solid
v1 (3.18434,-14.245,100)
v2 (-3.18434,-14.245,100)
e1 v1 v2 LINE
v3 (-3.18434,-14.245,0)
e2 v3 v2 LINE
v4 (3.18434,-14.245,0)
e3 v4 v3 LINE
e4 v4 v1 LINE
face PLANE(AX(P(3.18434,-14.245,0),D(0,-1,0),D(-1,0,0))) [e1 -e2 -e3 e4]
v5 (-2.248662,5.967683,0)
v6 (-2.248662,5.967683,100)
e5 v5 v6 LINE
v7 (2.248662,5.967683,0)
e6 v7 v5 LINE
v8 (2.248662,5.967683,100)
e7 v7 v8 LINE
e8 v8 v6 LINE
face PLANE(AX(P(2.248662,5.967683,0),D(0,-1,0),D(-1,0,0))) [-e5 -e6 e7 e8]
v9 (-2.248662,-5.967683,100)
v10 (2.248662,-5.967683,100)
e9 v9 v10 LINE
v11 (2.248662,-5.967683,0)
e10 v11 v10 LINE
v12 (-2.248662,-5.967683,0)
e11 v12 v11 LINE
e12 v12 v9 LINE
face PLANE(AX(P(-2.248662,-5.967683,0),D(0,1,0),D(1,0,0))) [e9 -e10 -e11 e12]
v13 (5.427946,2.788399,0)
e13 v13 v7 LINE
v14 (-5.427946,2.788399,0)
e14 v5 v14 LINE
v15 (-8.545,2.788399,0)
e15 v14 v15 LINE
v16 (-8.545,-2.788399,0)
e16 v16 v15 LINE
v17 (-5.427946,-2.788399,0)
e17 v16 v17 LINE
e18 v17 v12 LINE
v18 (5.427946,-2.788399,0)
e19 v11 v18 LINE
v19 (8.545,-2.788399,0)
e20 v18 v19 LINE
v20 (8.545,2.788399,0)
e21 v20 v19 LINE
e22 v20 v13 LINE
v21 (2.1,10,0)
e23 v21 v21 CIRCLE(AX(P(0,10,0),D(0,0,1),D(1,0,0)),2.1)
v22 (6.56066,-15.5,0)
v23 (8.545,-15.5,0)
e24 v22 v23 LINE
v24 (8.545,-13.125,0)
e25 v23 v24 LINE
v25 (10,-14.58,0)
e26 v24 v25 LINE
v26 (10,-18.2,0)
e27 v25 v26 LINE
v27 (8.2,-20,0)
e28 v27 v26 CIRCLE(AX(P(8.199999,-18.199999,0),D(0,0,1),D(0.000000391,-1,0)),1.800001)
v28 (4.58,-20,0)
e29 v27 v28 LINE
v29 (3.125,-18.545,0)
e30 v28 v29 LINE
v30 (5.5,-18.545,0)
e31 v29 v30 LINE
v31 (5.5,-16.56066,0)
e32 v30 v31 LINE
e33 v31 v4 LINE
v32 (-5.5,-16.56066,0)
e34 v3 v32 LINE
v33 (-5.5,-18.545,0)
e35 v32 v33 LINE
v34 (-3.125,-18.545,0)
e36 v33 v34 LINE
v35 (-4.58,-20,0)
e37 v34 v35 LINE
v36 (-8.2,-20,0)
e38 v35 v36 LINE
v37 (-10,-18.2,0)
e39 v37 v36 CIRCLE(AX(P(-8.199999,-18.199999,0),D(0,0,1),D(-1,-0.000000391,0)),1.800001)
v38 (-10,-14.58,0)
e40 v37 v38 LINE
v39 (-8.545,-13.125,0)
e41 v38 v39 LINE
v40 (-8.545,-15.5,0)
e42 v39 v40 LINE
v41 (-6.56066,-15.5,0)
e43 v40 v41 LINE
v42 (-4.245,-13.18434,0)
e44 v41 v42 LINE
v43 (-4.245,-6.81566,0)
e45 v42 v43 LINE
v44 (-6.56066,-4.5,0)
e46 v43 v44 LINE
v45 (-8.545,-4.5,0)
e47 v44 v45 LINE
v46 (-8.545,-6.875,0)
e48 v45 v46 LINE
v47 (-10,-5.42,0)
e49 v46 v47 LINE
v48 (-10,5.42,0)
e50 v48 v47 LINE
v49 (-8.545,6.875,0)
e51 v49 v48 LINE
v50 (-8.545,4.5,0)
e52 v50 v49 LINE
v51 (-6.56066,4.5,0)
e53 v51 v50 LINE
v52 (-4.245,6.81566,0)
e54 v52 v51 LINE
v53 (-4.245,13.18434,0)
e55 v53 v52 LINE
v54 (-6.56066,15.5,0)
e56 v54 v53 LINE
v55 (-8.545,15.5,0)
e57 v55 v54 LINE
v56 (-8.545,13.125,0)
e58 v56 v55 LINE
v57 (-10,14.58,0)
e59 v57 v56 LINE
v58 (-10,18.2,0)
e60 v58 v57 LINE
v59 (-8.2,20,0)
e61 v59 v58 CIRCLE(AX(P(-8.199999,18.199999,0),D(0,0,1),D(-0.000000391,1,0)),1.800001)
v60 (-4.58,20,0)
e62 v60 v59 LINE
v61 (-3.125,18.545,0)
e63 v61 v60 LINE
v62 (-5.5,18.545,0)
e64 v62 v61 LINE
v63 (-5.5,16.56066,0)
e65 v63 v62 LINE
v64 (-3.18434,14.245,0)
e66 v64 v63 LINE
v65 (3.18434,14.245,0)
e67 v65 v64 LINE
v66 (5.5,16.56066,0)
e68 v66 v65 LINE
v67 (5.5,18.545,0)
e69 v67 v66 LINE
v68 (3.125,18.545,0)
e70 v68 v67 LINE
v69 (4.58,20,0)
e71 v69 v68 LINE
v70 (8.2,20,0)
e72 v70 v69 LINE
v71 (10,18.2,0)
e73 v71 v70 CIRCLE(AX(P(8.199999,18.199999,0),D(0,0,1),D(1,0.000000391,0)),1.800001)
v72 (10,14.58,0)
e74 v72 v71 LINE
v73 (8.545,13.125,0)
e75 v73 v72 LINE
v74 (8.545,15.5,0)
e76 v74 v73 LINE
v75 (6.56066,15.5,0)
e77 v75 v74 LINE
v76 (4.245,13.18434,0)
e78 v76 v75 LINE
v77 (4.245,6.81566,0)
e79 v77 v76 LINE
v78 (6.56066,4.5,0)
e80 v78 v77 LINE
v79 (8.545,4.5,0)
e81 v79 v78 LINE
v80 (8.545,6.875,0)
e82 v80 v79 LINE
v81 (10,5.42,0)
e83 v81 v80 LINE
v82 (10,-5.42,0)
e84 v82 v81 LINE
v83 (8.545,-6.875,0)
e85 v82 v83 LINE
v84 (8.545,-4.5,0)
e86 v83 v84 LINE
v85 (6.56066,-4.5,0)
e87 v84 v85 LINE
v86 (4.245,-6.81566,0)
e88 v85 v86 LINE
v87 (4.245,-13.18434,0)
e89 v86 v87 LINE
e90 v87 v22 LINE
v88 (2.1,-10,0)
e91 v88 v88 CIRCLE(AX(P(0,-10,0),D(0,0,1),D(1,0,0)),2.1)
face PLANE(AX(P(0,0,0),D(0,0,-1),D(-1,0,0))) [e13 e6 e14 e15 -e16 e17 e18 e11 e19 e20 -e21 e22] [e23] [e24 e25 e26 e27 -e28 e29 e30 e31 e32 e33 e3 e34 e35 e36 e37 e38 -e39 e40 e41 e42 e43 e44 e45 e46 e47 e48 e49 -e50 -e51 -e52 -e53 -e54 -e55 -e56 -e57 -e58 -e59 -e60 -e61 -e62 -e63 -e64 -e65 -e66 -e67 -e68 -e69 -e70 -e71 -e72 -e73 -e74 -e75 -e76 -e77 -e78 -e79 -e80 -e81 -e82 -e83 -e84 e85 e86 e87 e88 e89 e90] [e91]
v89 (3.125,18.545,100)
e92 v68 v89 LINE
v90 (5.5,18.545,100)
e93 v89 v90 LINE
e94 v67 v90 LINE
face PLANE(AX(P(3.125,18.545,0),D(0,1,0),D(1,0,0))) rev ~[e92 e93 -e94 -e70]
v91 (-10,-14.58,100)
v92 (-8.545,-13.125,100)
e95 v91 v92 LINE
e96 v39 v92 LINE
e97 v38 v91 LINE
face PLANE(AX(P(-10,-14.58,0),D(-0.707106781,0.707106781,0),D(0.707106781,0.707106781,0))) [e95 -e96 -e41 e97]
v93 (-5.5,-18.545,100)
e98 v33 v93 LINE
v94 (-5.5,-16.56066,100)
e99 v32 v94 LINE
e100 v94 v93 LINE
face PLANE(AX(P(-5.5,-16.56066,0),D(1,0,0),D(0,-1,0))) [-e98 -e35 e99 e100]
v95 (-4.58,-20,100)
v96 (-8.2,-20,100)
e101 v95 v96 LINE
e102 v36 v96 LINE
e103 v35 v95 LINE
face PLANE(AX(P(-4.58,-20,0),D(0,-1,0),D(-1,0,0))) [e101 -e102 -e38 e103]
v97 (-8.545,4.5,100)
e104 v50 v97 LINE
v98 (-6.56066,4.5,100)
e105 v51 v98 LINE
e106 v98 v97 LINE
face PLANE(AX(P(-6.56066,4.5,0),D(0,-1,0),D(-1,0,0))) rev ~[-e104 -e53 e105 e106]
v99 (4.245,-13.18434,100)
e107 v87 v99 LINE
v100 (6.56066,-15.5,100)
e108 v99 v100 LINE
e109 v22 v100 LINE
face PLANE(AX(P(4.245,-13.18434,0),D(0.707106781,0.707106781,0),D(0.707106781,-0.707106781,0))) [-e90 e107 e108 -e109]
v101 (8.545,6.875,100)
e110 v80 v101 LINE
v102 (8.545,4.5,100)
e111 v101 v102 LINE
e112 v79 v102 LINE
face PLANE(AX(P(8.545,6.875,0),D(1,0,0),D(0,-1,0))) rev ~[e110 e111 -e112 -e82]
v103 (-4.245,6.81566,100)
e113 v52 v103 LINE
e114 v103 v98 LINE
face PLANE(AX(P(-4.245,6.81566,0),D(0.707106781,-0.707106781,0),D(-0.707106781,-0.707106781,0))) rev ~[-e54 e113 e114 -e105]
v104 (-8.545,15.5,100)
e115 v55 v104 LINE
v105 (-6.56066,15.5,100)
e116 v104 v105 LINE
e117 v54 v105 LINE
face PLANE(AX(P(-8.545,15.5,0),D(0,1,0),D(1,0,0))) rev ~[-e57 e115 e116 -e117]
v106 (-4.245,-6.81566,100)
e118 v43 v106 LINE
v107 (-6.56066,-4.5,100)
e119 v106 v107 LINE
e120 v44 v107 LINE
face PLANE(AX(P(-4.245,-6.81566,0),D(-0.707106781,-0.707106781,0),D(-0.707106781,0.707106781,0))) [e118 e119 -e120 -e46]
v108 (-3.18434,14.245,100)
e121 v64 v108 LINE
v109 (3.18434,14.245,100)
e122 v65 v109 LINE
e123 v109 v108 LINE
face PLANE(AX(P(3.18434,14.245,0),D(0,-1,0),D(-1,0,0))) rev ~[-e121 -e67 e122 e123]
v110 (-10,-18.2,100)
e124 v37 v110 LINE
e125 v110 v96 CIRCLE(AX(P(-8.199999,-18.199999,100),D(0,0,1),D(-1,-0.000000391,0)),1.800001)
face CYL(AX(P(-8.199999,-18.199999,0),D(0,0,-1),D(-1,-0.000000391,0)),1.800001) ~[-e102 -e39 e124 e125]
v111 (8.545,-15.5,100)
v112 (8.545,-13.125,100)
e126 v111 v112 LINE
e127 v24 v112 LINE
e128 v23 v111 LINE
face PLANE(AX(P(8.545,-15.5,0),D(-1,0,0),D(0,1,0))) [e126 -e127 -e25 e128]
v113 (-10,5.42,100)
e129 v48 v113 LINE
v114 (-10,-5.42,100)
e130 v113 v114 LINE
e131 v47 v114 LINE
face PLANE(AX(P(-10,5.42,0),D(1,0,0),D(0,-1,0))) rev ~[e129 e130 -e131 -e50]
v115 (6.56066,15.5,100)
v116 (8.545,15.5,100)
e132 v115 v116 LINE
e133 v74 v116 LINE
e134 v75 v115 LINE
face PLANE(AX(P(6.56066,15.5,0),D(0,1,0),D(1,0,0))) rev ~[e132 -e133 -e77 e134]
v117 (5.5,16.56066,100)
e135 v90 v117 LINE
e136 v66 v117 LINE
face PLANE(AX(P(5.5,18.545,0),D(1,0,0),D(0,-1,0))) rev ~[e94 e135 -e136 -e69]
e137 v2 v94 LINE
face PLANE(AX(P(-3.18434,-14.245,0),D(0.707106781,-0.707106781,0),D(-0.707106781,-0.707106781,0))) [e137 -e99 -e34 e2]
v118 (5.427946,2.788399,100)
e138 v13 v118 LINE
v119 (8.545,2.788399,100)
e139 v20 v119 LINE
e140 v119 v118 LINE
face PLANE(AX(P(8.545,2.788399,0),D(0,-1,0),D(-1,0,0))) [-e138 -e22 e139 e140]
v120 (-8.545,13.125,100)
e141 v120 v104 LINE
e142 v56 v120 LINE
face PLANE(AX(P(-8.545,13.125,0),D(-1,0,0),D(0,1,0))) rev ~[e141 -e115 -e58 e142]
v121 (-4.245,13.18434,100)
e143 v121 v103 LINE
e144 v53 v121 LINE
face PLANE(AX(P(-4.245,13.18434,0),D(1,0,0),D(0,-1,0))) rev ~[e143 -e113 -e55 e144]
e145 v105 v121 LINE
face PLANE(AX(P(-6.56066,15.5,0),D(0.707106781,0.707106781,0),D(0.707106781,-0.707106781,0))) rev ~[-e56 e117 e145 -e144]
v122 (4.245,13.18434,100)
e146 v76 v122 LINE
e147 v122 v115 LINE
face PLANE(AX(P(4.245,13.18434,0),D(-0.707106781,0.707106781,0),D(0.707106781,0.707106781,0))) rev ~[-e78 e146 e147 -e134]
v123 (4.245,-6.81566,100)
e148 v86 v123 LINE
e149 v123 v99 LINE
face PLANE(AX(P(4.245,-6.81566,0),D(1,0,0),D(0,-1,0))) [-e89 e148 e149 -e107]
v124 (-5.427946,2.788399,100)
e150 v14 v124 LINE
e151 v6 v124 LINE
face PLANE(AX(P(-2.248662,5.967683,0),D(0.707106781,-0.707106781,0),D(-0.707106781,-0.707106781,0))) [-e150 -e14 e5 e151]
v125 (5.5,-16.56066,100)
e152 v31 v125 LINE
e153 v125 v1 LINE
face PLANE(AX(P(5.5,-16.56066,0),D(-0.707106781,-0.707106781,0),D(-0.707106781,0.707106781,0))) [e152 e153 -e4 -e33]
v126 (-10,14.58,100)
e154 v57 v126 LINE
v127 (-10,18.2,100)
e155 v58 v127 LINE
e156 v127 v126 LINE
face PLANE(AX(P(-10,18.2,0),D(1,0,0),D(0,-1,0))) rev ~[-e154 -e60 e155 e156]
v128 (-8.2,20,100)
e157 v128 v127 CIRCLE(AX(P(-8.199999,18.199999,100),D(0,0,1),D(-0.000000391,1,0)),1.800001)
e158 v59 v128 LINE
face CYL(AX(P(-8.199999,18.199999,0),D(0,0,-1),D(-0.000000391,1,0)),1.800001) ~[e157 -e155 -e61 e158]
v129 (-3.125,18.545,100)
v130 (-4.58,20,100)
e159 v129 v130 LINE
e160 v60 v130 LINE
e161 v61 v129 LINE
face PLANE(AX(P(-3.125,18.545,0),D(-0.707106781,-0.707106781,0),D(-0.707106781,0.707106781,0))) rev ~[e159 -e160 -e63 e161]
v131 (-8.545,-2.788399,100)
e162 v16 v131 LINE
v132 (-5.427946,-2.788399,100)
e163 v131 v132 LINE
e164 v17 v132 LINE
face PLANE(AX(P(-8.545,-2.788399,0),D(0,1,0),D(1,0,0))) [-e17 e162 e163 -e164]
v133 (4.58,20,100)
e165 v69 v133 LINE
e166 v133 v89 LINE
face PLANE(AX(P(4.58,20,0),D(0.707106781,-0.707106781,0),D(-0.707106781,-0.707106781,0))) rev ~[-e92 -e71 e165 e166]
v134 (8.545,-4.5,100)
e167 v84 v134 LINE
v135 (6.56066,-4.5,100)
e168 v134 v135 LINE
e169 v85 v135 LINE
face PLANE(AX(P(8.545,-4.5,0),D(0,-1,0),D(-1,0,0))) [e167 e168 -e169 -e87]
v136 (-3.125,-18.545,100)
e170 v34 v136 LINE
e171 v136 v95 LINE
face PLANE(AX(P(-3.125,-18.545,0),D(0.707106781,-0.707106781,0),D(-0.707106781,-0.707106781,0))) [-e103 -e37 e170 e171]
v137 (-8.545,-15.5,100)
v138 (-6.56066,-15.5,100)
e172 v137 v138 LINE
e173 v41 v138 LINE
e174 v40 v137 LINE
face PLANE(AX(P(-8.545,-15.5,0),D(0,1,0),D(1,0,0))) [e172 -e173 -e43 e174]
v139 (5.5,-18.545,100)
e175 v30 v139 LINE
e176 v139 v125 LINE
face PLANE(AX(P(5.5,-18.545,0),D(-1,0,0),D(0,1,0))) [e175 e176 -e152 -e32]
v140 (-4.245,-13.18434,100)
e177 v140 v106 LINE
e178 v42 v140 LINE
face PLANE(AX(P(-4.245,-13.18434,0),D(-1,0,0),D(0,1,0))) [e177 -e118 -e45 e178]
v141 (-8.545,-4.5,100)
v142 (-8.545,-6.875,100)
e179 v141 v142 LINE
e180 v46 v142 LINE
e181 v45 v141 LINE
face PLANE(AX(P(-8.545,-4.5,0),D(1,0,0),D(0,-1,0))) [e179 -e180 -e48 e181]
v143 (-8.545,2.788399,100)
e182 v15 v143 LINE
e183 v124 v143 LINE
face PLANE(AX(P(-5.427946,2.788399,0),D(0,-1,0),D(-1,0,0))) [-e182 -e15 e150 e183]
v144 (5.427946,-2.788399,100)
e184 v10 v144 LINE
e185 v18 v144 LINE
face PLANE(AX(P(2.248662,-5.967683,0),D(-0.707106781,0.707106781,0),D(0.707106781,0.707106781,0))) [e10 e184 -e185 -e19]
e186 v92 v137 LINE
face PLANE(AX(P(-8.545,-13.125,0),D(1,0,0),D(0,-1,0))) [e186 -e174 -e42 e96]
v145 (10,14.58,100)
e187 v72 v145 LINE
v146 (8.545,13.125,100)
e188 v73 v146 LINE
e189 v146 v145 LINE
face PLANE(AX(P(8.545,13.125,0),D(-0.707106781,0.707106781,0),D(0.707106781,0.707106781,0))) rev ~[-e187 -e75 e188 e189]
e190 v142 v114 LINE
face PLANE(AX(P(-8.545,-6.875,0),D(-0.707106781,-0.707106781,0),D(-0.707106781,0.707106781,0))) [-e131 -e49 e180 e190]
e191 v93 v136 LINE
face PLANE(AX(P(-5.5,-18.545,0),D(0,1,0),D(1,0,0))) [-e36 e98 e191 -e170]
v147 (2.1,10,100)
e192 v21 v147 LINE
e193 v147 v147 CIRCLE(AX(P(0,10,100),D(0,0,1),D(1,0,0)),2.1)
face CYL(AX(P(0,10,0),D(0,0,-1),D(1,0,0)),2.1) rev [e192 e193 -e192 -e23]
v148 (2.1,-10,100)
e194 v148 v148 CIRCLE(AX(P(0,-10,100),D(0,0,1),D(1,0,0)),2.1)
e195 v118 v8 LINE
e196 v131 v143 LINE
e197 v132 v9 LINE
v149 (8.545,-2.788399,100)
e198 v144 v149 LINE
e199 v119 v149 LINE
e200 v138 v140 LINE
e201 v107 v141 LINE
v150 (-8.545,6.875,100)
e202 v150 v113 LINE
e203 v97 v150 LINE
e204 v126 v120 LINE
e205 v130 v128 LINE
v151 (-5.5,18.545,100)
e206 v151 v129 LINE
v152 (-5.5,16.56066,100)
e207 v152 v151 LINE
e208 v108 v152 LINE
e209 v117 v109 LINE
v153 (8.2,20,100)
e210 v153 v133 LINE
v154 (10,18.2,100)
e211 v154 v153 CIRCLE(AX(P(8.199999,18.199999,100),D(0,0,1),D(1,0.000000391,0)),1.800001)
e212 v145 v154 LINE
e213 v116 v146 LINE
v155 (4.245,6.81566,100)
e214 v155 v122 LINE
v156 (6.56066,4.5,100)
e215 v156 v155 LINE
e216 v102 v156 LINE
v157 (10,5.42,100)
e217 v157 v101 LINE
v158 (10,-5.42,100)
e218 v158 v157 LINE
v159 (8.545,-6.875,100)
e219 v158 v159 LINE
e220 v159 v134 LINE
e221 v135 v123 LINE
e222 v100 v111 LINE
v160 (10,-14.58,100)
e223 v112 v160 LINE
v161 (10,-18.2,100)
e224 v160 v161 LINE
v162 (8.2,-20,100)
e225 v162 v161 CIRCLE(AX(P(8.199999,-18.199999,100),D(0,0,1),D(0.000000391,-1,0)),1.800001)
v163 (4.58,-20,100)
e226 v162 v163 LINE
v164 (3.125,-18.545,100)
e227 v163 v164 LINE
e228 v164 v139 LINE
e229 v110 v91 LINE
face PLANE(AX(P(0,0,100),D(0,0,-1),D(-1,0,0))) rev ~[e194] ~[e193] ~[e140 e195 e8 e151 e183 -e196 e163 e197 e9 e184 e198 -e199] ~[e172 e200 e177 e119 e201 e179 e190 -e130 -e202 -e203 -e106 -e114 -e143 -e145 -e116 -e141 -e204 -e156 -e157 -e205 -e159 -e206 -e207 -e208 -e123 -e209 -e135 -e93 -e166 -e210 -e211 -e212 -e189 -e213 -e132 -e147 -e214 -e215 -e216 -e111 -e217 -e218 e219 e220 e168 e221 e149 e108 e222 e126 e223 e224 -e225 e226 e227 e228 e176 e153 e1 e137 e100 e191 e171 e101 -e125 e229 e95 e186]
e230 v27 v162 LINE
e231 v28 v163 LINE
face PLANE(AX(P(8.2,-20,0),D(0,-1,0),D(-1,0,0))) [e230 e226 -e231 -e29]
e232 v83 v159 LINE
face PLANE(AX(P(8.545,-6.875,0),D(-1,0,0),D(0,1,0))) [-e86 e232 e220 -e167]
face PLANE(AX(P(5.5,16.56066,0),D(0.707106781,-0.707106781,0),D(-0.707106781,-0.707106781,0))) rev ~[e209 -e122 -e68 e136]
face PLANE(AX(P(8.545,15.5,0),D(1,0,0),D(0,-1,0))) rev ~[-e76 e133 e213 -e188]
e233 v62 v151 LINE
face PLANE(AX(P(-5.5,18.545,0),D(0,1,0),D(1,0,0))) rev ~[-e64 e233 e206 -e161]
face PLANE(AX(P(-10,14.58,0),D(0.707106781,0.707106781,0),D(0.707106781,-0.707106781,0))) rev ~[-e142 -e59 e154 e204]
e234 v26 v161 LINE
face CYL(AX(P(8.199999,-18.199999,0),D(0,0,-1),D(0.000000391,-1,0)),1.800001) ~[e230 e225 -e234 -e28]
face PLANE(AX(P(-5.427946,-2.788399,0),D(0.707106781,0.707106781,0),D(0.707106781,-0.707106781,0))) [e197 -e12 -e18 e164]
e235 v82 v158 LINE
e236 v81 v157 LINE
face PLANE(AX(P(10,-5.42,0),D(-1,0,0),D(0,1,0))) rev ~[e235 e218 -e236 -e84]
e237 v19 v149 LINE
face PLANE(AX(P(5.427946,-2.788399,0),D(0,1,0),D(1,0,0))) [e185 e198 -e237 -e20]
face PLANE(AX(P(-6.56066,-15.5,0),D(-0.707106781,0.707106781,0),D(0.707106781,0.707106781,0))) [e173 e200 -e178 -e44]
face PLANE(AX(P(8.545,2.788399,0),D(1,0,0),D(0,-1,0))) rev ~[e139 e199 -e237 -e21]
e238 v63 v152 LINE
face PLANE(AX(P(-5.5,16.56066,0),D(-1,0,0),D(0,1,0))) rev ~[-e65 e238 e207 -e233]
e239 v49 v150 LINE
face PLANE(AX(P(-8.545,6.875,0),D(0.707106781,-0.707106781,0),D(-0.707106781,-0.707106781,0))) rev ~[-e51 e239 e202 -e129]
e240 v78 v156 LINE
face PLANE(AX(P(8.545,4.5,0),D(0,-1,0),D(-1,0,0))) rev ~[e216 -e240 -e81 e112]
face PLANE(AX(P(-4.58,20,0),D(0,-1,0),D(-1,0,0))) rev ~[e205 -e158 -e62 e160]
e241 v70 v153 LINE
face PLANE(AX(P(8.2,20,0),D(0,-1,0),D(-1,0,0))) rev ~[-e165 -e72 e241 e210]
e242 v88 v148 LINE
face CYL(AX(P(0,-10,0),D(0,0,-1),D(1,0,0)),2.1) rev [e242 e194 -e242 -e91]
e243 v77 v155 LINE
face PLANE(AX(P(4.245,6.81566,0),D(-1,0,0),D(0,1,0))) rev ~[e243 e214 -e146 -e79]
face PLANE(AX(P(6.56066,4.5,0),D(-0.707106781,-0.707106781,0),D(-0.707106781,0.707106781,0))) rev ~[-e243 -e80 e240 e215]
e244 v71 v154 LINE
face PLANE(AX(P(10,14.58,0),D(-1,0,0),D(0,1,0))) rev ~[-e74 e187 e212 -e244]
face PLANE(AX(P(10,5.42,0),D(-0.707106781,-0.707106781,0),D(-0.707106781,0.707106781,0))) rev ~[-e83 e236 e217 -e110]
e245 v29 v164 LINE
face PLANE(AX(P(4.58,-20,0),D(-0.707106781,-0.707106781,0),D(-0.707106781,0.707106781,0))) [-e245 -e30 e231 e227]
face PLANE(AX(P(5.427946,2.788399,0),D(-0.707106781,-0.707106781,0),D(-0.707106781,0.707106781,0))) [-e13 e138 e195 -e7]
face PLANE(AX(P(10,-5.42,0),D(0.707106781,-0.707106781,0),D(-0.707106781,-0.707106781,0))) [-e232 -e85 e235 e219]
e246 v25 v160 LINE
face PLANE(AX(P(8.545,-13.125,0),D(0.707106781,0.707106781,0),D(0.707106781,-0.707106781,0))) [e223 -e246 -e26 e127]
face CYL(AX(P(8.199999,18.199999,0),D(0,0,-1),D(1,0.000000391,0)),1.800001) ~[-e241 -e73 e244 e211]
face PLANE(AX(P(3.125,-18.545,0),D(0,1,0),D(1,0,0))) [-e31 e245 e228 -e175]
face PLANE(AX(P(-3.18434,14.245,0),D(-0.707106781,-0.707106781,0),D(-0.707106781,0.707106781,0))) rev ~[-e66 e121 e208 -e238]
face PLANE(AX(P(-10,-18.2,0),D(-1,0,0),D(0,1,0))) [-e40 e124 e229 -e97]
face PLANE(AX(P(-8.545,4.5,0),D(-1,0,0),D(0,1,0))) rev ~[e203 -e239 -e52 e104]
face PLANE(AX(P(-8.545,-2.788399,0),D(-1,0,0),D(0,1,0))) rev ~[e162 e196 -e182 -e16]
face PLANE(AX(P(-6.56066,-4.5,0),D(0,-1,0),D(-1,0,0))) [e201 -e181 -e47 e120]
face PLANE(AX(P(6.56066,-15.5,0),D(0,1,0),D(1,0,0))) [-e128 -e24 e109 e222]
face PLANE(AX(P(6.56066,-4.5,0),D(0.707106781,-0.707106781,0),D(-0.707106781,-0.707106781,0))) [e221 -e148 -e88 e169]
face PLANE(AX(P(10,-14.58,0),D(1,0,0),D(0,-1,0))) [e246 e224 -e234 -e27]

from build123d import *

# Parameters (mm, degrees)
SKETCH001_R = 2.1
PAD_DEPTH   = 100


with BuildPart() as part:
    # Sketch001 → Pad (new body)
    with BuildSketch(Plane.XY):
        with BuildLine():
            Line((10, 0), (10, -5.42))
            Line((10, -5.42), (8.545, -6.875))
            Line((8.545, -6.875), (8.545, -4.5))
            Line((8.545, -4.5), (6.56066, -4.5))
            Line((6.56066, -4.5), (4.245, -6.81566))
            Line((4.245, -6.81566), (4.245, -13.18434))
            Line((4.245, -13.18434), (6.56066, -15.5))
            Line((6.56066, -15.5), (8.545, -15.5))
            Line((8.545, -15.5), (8.545, -13.125))
            Line((8.545, -13.125), (10, -14.58))
            Line((10, -14.58), (10, -18.2))
            ThreePointArc((8.2, -20), (9.472792, -19.472792), (10, -18.2))
            Line((8.2, -20), (4.58, -20))
            Line((4.58, -20), (3.125, -18.545))
            Line((3.125, -18.545), (5.5, -18.545))
            Line((5.5, -18.545), (5.5, -16.56066))
            Line((5.5, -16.56066), (3.18434, -14.245))
            Line((3.18434, -14.245), (-3.18434, -14.245))
            Line((-3.18434, -14.245), (-5.5, -16.56066))
            Line((-5.5, -16.56066), (-5.5, -18.545))
            Line((-5.5, -18.545), (-3.125, -18.545))
            Line((-3.125, -18.545), (-4.58, -20))
            Line((-4.58, -20), (-8.2, -20))
            ThreePointArc((-10, -18.2), (-9.472792, -19.472792), (-8.2, -20))
            Line((-10, -18.2), (-10, -14.58))
            Line((-10, -14.58), (-8.545, -13.125))
            Line((-8.545, -13.125), (-8.545, -15.5))
            Line((-8.545, -15.5), (-6.56066, -15.5))
            Line((-6.56066, -15.5), (-4.245, -13.18434))
            Line((-4.245, -13.18434), (-4.245, -6.81566))
            Line((-4.245, -6.81566), (-6.56066, -4.5))
            Line((-6.56066, -4.5), (-8.545, -4.5))
            Line((-8.545, -4.5), (-8.545, -6.875))
            Line((-8.545, -6.875), (-10, -5.42))
            Line((-10, -5.42), (-10, 0))
            Line((-10, 5.42), (-10, 0))
            Line((-8.545, 6.875), (-10, 5.42))
            Line((-8.545, 4.5), (-8.545, 6.875))
            Line((-6.56066, 4.5), (-8.545, 4.5))
            Line((-4.245, 6.81566), (-6.56066, 4.5))
            Line((-4.245, 13.18434), (-4.245, 6.81566))
            Line((-6.56066, 15.5), (-4.245, 13.18434))
            Line((-8.545, 15.5), (-6.56066, 15.5))
            Line((-8.545, 13.125), (-8.545, 15.5))
            Line((-10, 14.58), (-8.545, 13.125))
            Line((-10, 18.2), (-10, 14.58))
            ThreePointArc((-8.2, 20), (-9.472792, 19.472792), (-10, 18.2))
            Line((-4.58, 20), (-8.2, 20))
            Line((-3.125, 18.545), (-4.58, 20))
            Line((-5.5, 18.545), (-3.125, 18.545))
            Line((-5.5, 16.56066), (-5.5, 18.545))
            Line((-3.18434, 14.245), (-5.5, 16.56066))
            Line((3.18434, 14.245), (-3.18434, 14.245))
            Line((5.5, 16.56066), (3.18434, 14.245))
            Line((5.5, 18.545), (5.5, 16.56066))
            Line((3.125, 18.545), (5.5, 18.545))
            Line((4.58, 20), (3.125, 18.545))
            Line((8.2, 20), (4.58, 20))
            ThreePointArc((10, 18.2), (9.472792, 19.472792), (8.2, 20))
            Line((10, 14.58), (10, 18.2))
            Line((8.545, 13.125), (10, 14.58))
            Line((8.545, 15.5), (8.545, 13.125))
            Line((6.56066, 15.5), (8.545, 15.5))
            Line((4.245, 13.18434), (6.56066, 15.5))
            Line((4.245, 6.81566), (4.245, 13.18434))
            Line((6.56066, 4.5), (4.245, 6.81566))
            Line((8.545, 4.5), (6.56066, 4.5))
            Line((8.545, 6.875), (8.545, 4.5))
            Line((10, 5.42), (8.545, 6.875))
            Line((10, 0), (10, 5.42))
        make_face()
        with Locations((0, -10)):
            Circle(SKETCH001_R, mode=Mode.SUBTRACT)
        with Locations((0, 10)):
            Circle(SKETCH001_R, mode=Mode.SUBTRACT)
        Polygon((-8.545, 0), (-8.545, -2.788399), (-5.427946, -2.788399), (-2.248662, -5.967683), (2.248662, -5.967683), (5.427946, -2.788399), (8.545, -2.788399), (8.545, 0), (8.545, 2.788399), (5.427946, 2.788399), (2.248662, 5.967683), (-2.248662, 5.967683), (-5.427946, 2.788399), (-8.545, 2.788399), align=None, mode=Mode.SUBTRACT)
    extrude(amount=PAD_DEPTH)


solid = part.part
